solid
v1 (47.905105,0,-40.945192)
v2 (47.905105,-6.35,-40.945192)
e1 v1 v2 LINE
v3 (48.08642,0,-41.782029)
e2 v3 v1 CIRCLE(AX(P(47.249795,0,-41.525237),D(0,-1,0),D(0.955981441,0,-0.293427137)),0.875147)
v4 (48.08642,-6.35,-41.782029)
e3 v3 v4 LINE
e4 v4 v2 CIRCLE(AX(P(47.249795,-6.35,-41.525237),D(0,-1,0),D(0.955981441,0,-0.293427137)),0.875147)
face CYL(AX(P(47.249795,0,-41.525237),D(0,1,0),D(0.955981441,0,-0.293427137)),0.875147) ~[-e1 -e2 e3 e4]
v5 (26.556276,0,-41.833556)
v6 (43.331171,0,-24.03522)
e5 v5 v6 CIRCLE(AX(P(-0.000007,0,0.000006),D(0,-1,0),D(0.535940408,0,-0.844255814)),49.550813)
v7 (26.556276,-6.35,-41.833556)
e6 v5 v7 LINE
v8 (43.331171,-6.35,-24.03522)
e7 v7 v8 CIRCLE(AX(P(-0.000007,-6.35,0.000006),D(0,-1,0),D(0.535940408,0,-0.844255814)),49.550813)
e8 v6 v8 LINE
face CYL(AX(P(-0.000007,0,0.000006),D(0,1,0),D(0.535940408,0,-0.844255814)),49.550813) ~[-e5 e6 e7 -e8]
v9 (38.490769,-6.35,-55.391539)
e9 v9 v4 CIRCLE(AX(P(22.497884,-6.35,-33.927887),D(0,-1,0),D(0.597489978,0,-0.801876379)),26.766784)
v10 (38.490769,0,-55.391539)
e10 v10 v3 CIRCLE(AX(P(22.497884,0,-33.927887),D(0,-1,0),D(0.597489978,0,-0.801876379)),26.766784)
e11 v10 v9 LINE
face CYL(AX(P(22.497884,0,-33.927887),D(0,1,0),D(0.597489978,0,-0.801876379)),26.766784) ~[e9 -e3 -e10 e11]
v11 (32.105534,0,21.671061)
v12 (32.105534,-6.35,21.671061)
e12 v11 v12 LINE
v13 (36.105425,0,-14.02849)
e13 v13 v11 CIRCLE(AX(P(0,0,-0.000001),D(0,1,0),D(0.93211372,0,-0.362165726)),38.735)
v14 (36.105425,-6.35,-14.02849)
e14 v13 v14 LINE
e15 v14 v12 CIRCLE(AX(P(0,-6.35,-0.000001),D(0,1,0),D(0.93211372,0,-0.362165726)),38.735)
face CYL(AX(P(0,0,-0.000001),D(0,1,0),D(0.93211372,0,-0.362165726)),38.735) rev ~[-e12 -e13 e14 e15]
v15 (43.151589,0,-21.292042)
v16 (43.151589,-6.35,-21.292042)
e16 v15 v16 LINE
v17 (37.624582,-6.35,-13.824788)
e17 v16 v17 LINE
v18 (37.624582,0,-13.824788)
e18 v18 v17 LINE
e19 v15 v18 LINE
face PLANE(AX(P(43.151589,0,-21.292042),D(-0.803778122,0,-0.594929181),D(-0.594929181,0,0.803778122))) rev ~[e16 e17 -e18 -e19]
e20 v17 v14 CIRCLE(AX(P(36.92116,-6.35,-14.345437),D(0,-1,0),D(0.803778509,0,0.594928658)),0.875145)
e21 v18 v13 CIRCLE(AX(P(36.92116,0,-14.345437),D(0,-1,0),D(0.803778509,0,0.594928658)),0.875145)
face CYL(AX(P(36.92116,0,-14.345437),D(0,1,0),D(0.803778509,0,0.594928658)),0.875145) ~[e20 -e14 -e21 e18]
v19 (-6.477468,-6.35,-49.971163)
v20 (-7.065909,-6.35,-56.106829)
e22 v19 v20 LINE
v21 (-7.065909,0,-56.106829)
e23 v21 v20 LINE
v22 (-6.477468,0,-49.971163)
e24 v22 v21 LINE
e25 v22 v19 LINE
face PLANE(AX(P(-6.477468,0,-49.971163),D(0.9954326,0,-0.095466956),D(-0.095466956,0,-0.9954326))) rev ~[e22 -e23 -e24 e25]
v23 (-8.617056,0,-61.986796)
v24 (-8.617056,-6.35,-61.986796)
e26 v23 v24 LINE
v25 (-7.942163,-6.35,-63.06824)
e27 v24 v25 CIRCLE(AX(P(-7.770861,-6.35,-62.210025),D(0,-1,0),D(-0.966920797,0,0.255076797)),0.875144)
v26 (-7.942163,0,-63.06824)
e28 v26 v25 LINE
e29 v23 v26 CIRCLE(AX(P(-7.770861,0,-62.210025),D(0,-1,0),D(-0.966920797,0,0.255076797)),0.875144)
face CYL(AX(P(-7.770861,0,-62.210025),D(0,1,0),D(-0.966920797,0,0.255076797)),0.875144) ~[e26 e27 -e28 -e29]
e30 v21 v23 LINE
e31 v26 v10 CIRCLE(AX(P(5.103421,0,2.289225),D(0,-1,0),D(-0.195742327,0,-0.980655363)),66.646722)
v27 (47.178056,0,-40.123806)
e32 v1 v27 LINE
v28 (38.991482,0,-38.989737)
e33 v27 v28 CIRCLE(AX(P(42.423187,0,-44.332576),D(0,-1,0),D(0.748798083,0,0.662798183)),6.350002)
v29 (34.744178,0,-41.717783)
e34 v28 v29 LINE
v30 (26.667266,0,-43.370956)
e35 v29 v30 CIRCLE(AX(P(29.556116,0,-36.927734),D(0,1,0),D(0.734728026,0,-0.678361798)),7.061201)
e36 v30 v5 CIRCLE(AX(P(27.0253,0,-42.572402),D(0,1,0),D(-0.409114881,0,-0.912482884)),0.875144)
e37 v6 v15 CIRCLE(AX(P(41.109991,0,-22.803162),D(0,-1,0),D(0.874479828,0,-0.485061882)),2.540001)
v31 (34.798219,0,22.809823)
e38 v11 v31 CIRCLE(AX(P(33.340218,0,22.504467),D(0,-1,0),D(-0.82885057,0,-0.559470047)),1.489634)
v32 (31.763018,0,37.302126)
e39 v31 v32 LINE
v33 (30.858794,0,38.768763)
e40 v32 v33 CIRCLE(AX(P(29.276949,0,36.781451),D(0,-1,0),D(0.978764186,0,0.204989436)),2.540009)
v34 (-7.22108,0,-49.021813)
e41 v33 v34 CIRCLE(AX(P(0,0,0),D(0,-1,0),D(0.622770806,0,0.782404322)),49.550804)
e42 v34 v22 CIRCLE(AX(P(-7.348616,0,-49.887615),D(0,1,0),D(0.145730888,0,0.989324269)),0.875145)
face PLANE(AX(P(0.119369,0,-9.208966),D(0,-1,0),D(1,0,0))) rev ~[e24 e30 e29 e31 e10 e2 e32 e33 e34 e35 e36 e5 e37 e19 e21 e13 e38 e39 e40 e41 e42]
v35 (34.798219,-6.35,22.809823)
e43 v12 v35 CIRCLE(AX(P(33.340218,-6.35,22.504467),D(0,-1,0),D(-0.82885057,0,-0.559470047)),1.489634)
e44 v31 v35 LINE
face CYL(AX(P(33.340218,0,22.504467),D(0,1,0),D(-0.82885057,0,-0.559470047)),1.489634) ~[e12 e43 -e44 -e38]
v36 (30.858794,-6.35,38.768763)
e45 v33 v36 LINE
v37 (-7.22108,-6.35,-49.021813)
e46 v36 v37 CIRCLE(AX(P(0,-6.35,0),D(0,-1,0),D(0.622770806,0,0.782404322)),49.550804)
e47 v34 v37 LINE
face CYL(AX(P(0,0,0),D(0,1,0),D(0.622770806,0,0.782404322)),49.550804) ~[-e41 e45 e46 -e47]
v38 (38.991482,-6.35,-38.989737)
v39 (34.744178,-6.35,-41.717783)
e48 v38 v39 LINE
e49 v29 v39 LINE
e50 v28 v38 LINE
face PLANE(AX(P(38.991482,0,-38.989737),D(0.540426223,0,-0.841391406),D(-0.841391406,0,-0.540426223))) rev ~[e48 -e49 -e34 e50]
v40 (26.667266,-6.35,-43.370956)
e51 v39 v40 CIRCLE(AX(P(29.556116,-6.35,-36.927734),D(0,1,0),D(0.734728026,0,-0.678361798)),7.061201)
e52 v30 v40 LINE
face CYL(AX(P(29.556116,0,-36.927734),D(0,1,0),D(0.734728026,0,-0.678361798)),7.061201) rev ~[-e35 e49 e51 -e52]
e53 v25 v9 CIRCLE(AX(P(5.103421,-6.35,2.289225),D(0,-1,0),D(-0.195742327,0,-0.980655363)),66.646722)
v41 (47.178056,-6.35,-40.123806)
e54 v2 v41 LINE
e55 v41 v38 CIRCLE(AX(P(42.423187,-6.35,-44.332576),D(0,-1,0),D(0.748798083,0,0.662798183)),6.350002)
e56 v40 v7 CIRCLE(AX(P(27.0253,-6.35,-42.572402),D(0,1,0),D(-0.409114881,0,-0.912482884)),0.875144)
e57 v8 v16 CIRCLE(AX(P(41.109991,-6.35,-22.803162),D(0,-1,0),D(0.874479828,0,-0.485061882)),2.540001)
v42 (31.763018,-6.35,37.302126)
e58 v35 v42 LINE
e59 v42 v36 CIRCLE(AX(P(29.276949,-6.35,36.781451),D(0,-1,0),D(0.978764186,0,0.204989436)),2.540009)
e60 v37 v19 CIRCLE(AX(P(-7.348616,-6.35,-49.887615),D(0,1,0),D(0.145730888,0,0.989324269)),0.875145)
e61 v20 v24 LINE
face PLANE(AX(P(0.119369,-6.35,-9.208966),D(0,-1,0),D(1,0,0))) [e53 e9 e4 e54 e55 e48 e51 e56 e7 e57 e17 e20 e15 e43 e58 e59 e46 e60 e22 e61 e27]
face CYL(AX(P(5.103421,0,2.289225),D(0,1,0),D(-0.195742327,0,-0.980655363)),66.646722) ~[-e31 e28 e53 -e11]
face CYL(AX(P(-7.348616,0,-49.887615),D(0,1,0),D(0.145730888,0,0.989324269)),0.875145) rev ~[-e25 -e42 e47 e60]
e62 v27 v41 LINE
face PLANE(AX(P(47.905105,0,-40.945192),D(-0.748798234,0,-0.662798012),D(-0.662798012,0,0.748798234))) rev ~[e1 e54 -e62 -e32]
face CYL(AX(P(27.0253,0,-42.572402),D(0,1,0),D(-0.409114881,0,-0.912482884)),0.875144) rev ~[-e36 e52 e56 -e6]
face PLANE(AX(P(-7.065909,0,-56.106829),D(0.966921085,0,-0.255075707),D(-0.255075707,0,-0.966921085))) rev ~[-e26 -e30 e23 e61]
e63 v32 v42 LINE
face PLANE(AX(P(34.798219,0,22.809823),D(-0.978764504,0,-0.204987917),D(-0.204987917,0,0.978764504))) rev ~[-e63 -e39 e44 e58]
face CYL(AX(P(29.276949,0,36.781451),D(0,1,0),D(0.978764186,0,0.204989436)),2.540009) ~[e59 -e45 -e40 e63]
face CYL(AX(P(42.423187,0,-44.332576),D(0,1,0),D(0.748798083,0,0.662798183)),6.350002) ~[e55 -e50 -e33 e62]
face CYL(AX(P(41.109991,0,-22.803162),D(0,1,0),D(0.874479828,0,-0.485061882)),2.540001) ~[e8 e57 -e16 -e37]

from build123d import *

# Parameters (mm, degrees)
F1_DEPTH = 6.35


with BuildPart() as f1:
    # F0 (on Front) → F1 (new body)
    with BuildSketch(Plane.XZ):
        with BuildLine():
            ThreePointArc((36.105425, -14.02849), (-38.494132, -4.313004), (32.105534, 21.671061))
            ThreePointArc((32.105534, 21.671061), (33.920444, 21.13248), (34.798219, 22.809823))
            Line((34.798219, 22.809823), (31.763018, 37.302126))
            ThreePointArc((31.763018, 37.302126), (31.439063, 38.114457), (30.858794, 38.768763))
            ThreePointArc((30.858794, 38.768763), (-45.458571, 19.718024), (-7.22108, -49.021813))
            ThreePointArc((-7.22108, -49.021813), (-6.659661, -49.347967), (-6.477468, -49.971163))
            Line((-6.477468, -49.971163), (-7.065909, -56.106829))
            Line((-7.065909, -56.106829), (-8.617056, -61.986796))
            ThreePointArc((-8.617056, -61.986796), (-8.513293, -62.673352), (-7.942163, -63.06824))
            ThreePointArc((-7.942163, -63.06824), (15.974473, -63.464906), (38.490769, -55.391539))
            ThreePointArc((38.490769, -55.391539), (44.37386, -49.351972), (48.08642, -41.782029))
            ThreePointArc((48.08642, -41.782029), (48.105097, -41.339921), (47.905105, -40.945192))
            Line((47.905105, -40.945192), (47.178056, -40.123806))
            ThreePointArc((47.178056, -40.123806), (43.294519, -38.042639), (38.991482, -38.989737))
            Line((38.991482, -38.989737), (34.744178, -41.717783))
            ThreePointArc((34.744178, -41.717783), (30.972039, -43.845517), (26.667266, -43.370956))
            ThreePointArc((26.667266, -43.370956), (26.152428, -42.635417), (26.556276, -41.833556))
            ThreePointArc((26.556276, -41.833556), (36.059104, -33.985632), (43.331171, -24.03522))
            ThreePointArc((43.331171, -24.03522), (43.644567, -22.637236), (43.151589, -21.292042))
            Line((43.151589, -21.292042), (37.624582, -13.824788))
            ThreePointArc((37.624582, -13.824788), (36.804853, -13.478055), (36.105425, -14.02849))
        make_face()
    extrude(amount=F1_DEPTH)


solid = f1.part
